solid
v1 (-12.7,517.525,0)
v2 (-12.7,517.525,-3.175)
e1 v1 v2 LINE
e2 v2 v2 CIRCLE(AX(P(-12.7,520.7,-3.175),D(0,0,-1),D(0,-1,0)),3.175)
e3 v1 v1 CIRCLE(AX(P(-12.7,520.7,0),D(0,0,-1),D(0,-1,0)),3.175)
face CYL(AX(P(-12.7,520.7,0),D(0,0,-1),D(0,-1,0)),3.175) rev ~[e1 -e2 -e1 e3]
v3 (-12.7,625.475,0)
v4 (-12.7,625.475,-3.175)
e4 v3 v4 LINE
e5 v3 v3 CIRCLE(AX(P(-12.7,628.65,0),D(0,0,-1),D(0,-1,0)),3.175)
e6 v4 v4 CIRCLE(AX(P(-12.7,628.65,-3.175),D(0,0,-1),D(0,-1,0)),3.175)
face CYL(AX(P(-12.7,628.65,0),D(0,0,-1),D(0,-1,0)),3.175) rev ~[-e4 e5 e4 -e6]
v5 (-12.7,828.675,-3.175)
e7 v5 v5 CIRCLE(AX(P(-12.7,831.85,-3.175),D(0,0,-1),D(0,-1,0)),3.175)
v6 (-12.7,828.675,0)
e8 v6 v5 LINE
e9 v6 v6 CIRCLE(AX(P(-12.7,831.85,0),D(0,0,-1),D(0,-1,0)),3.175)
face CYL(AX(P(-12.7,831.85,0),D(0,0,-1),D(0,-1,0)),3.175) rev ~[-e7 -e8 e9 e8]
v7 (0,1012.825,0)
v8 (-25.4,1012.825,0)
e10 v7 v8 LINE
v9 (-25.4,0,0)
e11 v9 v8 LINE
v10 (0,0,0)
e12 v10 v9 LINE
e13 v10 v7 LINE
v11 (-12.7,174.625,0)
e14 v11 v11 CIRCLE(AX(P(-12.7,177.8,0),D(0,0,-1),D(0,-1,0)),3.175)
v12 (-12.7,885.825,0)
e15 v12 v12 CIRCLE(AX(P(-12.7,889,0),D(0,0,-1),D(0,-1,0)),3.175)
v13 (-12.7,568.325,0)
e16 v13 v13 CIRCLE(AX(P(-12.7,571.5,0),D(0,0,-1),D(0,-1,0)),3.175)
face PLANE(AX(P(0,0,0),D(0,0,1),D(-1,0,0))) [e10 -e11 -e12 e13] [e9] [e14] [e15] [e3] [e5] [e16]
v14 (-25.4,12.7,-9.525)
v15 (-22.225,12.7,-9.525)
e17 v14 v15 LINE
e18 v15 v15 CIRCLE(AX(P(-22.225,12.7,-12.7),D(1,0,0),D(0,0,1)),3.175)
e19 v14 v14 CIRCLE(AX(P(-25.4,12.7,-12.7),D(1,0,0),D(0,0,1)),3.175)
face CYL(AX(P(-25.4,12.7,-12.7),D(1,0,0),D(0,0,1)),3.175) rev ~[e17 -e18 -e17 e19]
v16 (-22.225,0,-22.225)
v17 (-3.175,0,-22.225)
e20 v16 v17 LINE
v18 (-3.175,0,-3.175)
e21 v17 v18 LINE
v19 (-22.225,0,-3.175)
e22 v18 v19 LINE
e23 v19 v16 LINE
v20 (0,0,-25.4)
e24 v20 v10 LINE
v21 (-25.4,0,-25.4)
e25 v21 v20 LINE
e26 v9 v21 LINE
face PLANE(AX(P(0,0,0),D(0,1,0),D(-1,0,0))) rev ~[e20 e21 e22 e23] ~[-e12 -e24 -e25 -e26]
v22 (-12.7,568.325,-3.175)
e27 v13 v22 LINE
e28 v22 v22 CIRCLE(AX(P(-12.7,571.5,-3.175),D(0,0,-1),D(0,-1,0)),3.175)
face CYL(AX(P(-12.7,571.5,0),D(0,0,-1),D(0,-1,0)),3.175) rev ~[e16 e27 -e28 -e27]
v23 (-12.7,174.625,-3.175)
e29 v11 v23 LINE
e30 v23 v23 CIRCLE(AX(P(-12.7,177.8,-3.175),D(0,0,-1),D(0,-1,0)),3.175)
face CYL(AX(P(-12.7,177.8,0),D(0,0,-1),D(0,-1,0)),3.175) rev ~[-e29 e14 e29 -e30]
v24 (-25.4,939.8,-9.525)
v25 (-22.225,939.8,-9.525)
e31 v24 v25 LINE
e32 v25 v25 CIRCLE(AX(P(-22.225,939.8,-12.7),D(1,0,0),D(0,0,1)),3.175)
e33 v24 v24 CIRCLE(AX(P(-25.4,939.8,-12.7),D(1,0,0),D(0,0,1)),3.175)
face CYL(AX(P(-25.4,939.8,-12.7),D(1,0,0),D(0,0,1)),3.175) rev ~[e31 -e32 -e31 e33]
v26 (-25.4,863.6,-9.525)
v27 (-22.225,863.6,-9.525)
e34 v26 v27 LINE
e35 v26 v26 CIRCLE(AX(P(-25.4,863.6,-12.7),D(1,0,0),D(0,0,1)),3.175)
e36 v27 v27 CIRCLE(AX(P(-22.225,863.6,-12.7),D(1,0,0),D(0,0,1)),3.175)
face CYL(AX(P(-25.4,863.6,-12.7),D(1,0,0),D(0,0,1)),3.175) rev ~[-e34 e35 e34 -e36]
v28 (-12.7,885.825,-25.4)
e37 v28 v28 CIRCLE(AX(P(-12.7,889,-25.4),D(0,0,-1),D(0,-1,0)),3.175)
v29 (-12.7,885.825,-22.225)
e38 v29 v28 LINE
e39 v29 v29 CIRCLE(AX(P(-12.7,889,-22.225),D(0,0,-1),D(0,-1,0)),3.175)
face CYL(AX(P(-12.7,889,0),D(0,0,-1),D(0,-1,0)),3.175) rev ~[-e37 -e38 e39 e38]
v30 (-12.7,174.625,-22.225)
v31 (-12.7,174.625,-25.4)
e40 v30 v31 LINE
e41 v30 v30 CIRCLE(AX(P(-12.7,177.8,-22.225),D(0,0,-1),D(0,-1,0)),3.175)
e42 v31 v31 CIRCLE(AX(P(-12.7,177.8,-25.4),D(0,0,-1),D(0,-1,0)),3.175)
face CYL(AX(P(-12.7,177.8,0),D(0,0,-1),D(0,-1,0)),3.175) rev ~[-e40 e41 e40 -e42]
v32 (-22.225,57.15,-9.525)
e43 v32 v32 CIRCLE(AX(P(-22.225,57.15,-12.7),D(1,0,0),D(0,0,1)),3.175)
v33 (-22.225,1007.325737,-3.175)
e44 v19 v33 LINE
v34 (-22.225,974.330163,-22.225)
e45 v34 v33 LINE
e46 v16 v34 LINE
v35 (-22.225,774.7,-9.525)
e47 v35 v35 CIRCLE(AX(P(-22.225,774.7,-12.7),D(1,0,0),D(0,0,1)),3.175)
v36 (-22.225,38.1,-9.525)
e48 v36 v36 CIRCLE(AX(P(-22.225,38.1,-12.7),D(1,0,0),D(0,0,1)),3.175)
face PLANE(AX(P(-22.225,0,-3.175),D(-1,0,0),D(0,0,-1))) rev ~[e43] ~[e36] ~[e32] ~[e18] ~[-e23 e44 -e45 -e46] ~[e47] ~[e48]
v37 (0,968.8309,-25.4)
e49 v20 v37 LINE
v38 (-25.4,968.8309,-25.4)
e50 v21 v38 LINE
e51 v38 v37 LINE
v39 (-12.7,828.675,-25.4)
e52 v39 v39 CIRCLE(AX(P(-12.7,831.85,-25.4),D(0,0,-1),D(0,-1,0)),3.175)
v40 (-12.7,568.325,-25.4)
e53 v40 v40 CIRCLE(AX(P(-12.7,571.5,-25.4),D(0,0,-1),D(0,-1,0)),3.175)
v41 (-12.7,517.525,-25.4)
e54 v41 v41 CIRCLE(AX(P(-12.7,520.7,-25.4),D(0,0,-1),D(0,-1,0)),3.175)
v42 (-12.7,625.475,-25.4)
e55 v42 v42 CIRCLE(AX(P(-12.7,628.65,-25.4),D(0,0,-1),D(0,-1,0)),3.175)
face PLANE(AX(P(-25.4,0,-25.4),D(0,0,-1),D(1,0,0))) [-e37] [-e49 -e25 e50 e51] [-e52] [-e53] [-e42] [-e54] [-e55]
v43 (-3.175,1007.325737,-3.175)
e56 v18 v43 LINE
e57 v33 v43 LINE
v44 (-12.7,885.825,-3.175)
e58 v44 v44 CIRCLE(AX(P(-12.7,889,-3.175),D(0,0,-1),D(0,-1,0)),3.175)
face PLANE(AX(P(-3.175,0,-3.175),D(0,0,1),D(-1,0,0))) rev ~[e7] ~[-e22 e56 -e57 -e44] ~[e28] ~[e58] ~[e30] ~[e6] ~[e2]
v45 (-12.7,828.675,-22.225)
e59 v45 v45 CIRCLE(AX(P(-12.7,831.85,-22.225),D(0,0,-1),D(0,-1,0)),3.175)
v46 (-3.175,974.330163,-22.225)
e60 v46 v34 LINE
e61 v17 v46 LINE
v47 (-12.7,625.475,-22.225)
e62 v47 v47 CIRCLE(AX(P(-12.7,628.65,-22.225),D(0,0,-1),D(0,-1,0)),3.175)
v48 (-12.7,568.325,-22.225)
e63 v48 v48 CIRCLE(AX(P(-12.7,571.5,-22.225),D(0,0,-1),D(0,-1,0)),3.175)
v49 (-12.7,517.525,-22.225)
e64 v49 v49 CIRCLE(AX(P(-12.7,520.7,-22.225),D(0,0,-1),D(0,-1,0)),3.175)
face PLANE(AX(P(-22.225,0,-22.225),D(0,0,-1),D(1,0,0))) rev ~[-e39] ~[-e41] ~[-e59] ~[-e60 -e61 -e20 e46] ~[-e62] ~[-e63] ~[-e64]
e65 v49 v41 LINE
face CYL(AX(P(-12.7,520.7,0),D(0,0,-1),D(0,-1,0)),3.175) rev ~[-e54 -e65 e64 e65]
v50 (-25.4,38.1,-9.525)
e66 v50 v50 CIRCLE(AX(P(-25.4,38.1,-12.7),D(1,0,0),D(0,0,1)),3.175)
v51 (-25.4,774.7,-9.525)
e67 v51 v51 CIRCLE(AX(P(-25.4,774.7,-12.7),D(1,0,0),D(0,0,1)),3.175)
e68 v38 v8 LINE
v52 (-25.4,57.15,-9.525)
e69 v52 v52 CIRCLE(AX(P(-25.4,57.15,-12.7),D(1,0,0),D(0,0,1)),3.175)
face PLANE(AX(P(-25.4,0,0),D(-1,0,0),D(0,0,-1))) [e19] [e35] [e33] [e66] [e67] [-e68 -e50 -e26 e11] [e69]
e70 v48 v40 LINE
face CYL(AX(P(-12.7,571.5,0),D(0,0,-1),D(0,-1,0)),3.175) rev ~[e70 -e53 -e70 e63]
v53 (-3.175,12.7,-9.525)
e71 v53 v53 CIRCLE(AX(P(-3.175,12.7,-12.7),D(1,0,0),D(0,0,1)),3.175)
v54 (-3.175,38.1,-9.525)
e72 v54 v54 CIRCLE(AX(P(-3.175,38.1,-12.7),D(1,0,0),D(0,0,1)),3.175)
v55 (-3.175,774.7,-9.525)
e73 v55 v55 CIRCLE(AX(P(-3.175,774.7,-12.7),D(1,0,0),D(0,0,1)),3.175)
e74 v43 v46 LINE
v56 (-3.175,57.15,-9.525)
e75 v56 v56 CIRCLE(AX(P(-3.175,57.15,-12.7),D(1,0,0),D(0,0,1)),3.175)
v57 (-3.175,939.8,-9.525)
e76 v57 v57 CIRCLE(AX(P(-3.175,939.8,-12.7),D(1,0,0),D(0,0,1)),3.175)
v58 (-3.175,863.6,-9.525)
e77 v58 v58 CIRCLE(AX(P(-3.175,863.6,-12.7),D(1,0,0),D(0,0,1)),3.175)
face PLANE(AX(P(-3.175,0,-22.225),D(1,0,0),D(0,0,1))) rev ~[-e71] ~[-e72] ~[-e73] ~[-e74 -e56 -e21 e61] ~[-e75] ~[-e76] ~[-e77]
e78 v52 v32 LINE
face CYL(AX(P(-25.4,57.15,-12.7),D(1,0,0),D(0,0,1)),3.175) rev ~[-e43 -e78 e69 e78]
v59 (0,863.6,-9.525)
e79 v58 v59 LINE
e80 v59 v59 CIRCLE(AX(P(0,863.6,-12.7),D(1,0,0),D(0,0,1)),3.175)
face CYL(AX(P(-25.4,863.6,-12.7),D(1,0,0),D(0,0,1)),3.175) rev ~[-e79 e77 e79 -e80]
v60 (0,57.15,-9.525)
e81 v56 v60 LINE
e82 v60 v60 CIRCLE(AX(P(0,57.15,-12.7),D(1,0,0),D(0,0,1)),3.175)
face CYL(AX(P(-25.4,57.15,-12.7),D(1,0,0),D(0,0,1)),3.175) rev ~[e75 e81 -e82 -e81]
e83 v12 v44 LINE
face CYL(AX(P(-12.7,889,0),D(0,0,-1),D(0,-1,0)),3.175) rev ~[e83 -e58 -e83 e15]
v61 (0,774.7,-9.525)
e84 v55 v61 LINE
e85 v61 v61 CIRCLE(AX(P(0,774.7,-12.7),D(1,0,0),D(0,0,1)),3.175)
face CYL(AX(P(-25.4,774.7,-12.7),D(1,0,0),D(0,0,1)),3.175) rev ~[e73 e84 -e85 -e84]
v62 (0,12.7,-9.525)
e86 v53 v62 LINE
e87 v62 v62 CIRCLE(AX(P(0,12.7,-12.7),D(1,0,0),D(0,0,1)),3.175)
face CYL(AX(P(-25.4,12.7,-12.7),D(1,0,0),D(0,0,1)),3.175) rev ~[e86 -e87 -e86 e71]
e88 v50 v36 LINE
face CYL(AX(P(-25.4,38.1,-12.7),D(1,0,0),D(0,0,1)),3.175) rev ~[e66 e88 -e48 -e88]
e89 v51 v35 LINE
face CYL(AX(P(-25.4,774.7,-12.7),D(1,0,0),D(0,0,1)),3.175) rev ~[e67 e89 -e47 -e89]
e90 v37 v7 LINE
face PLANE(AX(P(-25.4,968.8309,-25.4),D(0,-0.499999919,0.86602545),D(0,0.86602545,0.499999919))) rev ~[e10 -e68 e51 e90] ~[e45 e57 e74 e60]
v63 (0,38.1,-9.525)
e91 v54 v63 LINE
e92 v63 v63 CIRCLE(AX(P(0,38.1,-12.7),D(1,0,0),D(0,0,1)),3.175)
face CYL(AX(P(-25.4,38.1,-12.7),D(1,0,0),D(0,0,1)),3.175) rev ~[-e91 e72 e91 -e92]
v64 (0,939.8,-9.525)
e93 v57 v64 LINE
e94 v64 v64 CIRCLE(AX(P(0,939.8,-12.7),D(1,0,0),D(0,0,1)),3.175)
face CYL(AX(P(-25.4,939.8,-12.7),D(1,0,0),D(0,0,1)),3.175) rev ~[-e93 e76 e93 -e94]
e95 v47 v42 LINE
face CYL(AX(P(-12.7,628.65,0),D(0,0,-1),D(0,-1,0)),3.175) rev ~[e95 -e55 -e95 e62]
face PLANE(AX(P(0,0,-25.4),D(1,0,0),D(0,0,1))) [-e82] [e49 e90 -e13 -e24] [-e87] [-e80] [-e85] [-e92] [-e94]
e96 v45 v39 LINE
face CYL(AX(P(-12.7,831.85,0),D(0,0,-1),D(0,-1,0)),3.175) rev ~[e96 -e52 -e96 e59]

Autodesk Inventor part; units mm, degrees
ref_plane "YZ Plane" through (0, 0, 0) normal (1, 0, 0) x (0, 1, 0)
ref_plane "XZ Plane" through (0, 0, 0) normal (0, 1, 0) x (-1, 0, 0)
ref_plane "XY Plane" through (0, 0, 0) normal (0, 0, 1) x (1, 0, 0)
sketch "Sketch1" plane through (0, 0, 0) normal (0, 1, 0) x (-1, 0, 0)
  line L0 (0, 0) -> (25.4, 0)
  line L1 (25.4, 0) -> (25.4, -25.4)
  line L2 (25.4, -25.4) -> (0, -25.4)
  line L3 (0, -25.4) -> (0, 0)
  line L4 (3.175, -3.175) -> (22.225, -3.175)
  line L5 (22.225, -3.175) -> (22.225, -22.225)
  line L6 (22.225, -22.225) -> (3.175, -22.225)
  line L7 (3.175, -22.225) -> (3.175, -3.175)
  dimension "d0" = 25.4
  dimension "d1" = 25.4
  dimension "d2" = 19.05
  dimension "d3" = 19.05
  dimension "d4" = 3.175
  dimension "d5" = 3.175
extrude "Extrusion1" add sketch "Sketch1" along normal blind 1012.825
sketch "Sketch2" plane through (-25.4, 0, -25.4) normal (-1, 0, 0) x (0, 0, 1)
  line L0 (25.4, 0) -> (0, 0) projected
  line L1 (25.4, 0) -> (25.4, 1012.825) projected
  line L2 (0, 1012.825) -> (25.4, 1012.825) projected
  line L3 (0, 0) -> (0, 1012.825) projected
  point P0 (12.7, 12.7)
  point P1 (12.7, 38.1)
  dimension "d8" = 12.7
  dimension "d9" = 38.1
  dimension "d14" = 12.7
  dimension "d15" = 12.7
hole "Hole1" at (-25.4, 12.7, -12.7) at (-25.4, 38.1, -12.7) direction (1, 0, 0) diameter 6.35 end through all
sketch "Sketch3" plane through (-25.4, 0, -25.4) normal (-1, 0, 0) x (0, 0, 1)
  circle A0 centre (12.7, 12.7) radius 3.175 projected
  circle A1 centre (12.7, 38.1) radius 3.175 projected
  line L0 (25.4, 0) -> (0, 0) projected
  line L1 (25.4, 0) -> (25.4, 1012.825) projected
  line L2 (0, 1012.825) -> (25.4, 1012.825) projected
  line L3 (0, 0) -> (0, 1012.825) projected
  line L4 (25.4, 1012.825) -> (0, 1012.825)
  line L5 (0, 1012.825) -> (0, 968.8309)
  line L6 (0, 0) -> (0, 1012.825) projected
  line L7 (0, 968.8309) -> (25.4, 1012.825)
  dimension "d57" = 60
extrude "Extrusion2" cut sketch "Sketch3" against normal blind 25.4 contours L7 L3 L2
sketch "Sketch5" plane through (-25.4, 0, -25.4) normal (-1, 0, 0) x (0, 0, 1)
  line L0 (25.4, 0) -> (0, 0) projected
  line L1 (25.4, 0) -> (25.4, 1012.825) projected
  point P0 (12.7, 774.7)
  dimension "d58" = 12.7
  dimension "d59" = 774.7
hole "Hole5" at (-25.4, 774.7, -12.7) direction (1, 0, 0) diameter 6.35 end through all
sketch "Sketch6" plane through (-25.4, 0, -25.4) normal (-1, 0, 0) x (0, 0, 1)
  line L0 (0, 0) -> (0, 968.8309) projected
  line L1 (25.4, 0) -> (0, 0) projected
  point P0 (12.7, 939.8)
  point P1 (12.7, 863.6)
  dimension "d67" = 12.7
  dimension "d68" = 12.7
  dimension "d69" = 863.6
  dimension "d70" = 939.8
hole "Hole6" at (-25.4, 939.8, -12.7) at (-25.4, 863.6, -12.7) direction (1, 0, 0) diameter 6.35 end through all
sketch "Sketch10" plane through (-25.4, 0, 0) normal (0, 0, 1) x (1, 0, 0)
  line L0 (25.4, 0) -> (0, 0) projected
  line L1 (0, 0) -> (0, 1012.825) projected
  point P0 (12.7, 628.65)
  point P1 (12.7, 571.5)
  point P2 (12.7, 520.7)
  point P3 (12.7, 889)
  point P4 (12.7, 831.85)
  point P5 (12.7, 177.8)
  dimension "d114" = 12.7
  dimension "d115" = 12.7
  dimension "d116" = 889
  dimension "d117" = 831.85
  dimension "d118" = 571.5
  dimension "d119" = 628.65
  dimension "d120" = 12.7
  dimension "d121" = 12.7
  dimension "d122" = 12.7
  dimension "d123" = 520.7
  dimension "d124" = 177.8
  dimension "d125" = 12.7
hole "Hole10" at (-12.7, 628.65, 0) at (-12.7, 571.5, 0) at (-12.7, 520.7, 0) at (-12.7, 889, 0) at (-12.7, 831.85, 0) at (-12.7, 177.8, 0) direction (0, 0, -1) diameter 6.35 end through all
sketch "Sketch11" plane through (-25.4, 0, -25.4) normal (-1, 0, 0) x (0, 0, 1)
  circle A0 centre (12.7, 939.8) radius 3.175 projected
  circle A1 centre (12.7, 863.6) radius 3.175 projected
  circle A2 centre (12.7, 774.7) radius 3.175 projected
  line L0 (25.4, 1012.825) -> (0, 968.8309) projected
  line L1 (0, 0) -> (0, 968.8309) projected
  line L2 (25.4, 0) -> (0, 0) projected
  line L3 (25.4, 0) -> (25.4, 1012.825) projected
  circle A3 centre (12.7, 38.1) radius 3.175 projected
  circle A4 centre (12.7, 12.7) radius 3.175 projected
  point P0 (12.7, 57.15)
  dimension "d133" = 57.15
  dimension "d134" = 12.7
hole "Hole11" at (-25.4, 57.15, -12.7) direction (1, 0, 0) diameter 6.35 end through all
properties part number "1x1 support" material "Aluminum 6061"
